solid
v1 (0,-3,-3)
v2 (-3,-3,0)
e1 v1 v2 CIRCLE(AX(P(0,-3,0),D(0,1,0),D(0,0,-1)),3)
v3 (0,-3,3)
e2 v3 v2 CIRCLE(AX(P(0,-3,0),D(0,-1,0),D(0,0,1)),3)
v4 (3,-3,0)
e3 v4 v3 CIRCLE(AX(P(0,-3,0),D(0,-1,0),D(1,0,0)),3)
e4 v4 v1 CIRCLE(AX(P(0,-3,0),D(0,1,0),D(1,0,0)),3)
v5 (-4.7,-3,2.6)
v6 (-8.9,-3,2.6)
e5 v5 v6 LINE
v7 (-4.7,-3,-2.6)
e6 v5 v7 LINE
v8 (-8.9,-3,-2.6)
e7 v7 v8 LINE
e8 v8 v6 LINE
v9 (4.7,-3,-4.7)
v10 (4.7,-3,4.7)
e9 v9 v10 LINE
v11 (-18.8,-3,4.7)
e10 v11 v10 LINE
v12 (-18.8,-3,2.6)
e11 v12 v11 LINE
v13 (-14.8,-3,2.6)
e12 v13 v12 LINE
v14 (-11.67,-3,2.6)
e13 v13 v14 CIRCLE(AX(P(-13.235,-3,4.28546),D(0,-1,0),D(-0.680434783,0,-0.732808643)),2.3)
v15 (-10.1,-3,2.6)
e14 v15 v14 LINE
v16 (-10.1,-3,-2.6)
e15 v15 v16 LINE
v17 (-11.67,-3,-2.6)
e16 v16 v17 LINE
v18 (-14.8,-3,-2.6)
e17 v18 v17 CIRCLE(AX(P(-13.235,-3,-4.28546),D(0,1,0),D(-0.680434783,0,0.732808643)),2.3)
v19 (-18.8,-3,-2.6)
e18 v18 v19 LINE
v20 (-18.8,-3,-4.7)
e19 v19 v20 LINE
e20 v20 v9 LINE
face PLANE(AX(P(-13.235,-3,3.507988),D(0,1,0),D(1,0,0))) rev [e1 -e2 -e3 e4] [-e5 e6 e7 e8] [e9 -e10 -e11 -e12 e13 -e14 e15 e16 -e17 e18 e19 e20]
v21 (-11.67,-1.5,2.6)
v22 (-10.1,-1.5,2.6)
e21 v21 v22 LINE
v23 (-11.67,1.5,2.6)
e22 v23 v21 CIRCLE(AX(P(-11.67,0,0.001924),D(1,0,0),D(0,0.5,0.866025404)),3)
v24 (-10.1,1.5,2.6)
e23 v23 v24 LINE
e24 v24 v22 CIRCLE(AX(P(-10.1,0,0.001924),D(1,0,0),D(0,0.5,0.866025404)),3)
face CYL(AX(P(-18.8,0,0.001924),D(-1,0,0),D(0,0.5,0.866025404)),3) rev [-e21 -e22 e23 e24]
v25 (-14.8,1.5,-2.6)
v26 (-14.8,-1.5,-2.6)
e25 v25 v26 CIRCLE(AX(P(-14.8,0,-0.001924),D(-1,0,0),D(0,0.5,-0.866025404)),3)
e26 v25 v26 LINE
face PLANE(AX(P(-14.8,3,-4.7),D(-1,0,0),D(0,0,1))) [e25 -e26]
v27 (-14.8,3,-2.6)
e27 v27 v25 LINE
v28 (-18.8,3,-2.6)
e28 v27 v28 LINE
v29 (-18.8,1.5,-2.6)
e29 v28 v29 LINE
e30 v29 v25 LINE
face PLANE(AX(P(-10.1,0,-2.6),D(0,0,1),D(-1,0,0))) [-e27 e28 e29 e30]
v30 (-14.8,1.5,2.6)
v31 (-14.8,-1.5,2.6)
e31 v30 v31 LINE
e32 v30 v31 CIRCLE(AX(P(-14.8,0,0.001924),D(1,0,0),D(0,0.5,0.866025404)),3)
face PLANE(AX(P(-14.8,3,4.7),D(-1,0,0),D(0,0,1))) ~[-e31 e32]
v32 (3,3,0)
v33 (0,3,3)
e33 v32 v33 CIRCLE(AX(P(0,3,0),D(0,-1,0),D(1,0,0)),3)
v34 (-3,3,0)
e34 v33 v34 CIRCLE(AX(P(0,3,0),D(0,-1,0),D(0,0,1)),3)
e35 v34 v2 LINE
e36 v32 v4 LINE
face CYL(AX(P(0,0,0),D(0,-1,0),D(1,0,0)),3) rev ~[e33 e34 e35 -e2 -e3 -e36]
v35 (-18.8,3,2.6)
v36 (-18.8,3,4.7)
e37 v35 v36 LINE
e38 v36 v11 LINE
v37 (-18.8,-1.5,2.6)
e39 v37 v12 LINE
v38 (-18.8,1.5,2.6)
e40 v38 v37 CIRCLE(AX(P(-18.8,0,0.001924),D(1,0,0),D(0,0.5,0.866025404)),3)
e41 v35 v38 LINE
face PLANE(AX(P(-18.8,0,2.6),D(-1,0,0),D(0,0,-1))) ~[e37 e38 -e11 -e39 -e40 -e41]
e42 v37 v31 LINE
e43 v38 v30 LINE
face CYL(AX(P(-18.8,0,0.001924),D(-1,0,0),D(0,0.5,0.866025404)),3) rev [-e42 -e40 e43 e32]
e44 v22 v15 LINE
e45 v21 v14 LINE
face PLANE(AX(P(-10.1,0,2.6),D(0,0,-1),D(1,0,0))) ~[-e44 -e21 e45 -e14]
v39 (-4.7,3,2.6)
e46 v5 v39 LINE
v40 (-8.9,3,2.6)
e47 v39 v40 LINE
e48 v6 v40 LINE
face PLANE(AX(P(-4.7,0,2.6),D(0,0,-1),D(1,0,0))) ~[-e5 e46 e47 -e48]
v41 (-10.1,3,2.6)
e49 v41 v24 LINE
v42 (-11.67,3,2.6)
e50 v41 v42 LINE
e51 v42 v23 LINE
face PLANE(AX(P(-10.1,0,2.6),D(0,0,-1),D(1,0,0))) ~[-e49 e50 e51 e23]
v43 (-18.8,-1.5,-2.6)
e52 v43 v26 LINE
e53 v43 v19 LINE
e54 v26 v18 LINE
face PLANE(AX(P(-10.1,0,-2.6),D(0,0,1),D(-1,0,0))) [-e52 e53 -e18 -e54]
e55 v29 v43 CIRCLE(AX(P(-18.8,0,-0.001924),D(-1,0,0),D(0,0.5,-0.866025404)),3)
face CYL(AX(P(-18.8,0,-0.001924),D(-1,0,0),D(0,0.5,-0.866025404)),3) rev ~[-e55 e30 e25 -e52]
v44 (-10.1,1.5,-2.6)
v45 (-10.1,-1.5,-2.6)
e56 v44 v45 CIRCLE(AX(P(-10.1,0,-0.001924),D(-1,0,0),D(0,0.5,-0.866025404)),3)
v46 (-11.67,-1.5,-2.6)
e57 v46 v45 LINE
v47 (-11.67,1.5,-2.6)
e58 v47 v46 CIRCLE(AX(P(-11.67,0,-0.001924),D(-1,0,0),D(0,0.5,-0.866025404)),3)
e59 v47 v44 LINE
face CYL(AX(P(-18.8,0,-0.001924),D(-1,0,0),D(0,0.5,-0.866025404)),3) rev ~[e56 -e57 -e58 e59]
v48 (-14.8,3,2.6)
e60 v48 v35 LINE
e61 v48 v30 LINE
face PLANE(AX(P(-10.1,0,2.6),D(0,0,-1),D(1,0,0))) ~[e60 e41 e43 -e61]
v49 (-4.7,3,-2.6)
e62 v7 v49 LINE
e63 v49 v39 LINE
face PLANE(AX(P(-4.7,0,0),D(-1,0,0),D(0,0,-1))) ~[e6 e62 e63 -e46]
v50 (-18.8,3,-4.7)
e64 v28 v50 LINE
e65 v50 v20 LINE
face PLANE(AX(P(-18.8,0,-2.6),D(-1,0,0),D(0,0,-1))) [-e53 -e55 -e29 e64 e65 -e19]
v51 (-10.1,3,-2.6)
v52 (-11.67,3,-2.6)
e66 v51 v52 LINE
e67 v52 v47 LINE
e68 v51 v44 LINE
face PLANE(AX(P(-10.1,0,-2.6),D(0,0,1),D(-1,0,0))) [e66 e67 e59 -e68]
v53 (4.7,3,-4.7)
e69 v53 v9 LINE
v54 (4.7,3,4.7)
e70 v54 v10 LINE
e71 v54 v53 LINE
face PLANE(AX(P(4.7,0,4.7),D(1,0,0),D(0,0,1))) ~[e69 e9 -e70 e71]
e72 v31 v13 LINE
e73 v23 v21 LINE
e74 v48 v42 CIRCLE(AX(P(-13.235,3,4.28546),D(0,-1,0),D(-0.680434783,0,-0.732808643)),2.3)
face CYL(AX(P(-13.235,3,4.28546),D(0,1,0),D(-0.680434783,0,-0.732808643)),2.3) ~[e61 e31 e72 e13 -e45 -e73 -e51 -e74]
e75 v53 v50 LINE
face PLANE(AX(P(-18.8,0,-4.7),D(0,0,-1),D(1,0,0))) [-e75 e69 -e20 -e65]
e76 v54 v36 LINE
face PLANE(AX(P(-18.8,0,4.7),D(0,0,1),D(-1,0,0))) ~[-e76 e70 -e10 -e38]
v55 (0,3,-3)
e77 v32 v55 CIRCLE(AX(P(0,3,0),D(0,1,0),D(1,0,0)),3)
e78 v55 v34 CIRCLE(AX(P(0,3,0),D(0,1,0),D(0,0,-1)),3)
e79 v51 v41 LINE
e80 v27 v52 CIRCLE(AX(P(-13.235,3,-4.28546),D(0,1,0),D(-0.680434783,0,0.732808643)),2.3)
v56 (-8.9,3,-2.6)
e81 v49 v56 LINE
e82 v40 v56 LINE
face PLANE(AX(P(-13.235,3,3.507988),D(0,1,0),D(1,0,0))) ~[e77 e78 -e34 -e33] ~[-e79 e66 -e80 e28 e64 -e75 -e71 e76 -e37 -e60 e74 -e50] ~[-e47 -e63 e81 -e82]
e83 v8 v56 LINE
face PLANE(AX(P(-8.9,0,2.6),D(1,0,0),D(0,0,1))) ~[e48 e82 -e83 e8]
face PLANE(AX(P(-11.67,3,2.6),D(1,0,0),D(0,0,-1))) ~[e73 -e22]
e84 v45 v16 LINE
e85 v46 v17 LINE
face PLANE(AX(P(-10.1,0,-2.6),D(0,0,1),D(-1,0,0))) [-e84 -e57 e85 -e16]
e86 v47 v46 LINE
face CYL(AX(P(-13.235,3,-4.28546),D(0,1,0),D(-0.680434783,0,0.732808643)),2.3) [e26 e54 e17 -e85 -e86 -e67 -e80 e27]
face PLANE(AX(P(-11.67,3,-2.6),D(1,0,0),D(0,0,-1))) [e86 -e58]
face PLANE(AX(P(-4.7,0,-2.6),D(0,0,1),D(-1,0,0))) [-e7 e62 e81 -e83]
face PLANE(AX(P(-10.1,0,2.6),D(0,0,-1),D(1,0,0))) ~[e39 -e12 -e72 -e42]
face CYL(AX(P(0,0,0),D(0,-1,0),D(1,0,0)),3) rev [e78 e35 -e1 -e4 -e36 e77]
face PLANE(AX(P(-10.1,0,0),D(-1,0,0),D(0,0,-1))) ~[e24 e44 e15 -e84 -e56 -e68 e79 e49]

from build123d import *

# Parameters (mm, degrees)
F1_DEPTH = 3
F3_DEPTH = 8.7
F5_DEPTH = 6


with BuildPart() as f1:
    # F0 (on Front) → F1 (new body, symmetric)
    with BuildSketch(Plane.XZ):
        with BuildLine():
            Line((-8.9, 0), (-10.1, 0))
            Line((-10.1, 0), (-10.1, -2.6))
            Line((-10.1, -2.6), (-11.67, -2.6))
            Line((-11.67, -2.6), (-14.8, -2.6))
            Line((-14.8, -2.6), (-18.8, -2.6))
            Line((-18.8, -2.6), (-18.8, -4.7))
            Line((-18.8, -4.7), (0, -4.7))
            Line((0, -4.7), (4.7, -4.7))
            Line((4.7, -4.7), (4.7, 0))
            Line((4.7, 0), (3, 0))
            ThreePointArc((3, 0), (2.1213203436, -2.1213203436), (0, -3))
            ThreePointArc((0, -3), (-2.1213203436, -2.1213203436), (-3, 0))
            Line((-3, 0), (-4.7, 0))
            Line((-4.7, 0), (-4.7, -2.6))
            Line((-4.7, -2.6), (-8.9, -2.6))
            Line((-8.9, -2.6), (-8.9, 0))
        make_face()
    extrude(amount=F1_DEPTH, both=True)

    # F2 (on face) → F3 (cut, through all)
    with BuildSketch(Plane(origin=(-18.8, 0, 0), x_dir=(0, -1, 0), z_dir=(-1, 0, 0))):
        with BuildLine():
            Line((1.5, -2.6), (-1.5, -2.6))
            ThreePointArc((-1.5, -2.6), (0, -3.0019237886), (1.5, -2.6))
        make_face()
    extrude(amount=-F3_DEPTH, mode=Mode.SUBTRACT)

    # F4 (on face) → F5 (join, through all)
    with BuildSketch(Plane(origin=(0, 3, 0), x_dir=(-1, 0, 0), z_dir=(0, 1, 0))):
        with BuildLine():
            ThreePointArc((14.8, -2.6), (13.235, -1.9854598779), (11.67, -2.6))
            Line((11.67, -2.6), (11.67, -4.7))
            Line((11.67, -4.7), (14.8, -4.7))
            Line((14.8, -4.7), (14.8, -2.6))
        make_face()
    extrude(amount=-F5_DEPTH)

    # F6: F1 across plane


with BuildPart() as f1_1:
    add(f1.part)
    add(f1.part.mirror(Plane.XY))


solid = f1_1.part
